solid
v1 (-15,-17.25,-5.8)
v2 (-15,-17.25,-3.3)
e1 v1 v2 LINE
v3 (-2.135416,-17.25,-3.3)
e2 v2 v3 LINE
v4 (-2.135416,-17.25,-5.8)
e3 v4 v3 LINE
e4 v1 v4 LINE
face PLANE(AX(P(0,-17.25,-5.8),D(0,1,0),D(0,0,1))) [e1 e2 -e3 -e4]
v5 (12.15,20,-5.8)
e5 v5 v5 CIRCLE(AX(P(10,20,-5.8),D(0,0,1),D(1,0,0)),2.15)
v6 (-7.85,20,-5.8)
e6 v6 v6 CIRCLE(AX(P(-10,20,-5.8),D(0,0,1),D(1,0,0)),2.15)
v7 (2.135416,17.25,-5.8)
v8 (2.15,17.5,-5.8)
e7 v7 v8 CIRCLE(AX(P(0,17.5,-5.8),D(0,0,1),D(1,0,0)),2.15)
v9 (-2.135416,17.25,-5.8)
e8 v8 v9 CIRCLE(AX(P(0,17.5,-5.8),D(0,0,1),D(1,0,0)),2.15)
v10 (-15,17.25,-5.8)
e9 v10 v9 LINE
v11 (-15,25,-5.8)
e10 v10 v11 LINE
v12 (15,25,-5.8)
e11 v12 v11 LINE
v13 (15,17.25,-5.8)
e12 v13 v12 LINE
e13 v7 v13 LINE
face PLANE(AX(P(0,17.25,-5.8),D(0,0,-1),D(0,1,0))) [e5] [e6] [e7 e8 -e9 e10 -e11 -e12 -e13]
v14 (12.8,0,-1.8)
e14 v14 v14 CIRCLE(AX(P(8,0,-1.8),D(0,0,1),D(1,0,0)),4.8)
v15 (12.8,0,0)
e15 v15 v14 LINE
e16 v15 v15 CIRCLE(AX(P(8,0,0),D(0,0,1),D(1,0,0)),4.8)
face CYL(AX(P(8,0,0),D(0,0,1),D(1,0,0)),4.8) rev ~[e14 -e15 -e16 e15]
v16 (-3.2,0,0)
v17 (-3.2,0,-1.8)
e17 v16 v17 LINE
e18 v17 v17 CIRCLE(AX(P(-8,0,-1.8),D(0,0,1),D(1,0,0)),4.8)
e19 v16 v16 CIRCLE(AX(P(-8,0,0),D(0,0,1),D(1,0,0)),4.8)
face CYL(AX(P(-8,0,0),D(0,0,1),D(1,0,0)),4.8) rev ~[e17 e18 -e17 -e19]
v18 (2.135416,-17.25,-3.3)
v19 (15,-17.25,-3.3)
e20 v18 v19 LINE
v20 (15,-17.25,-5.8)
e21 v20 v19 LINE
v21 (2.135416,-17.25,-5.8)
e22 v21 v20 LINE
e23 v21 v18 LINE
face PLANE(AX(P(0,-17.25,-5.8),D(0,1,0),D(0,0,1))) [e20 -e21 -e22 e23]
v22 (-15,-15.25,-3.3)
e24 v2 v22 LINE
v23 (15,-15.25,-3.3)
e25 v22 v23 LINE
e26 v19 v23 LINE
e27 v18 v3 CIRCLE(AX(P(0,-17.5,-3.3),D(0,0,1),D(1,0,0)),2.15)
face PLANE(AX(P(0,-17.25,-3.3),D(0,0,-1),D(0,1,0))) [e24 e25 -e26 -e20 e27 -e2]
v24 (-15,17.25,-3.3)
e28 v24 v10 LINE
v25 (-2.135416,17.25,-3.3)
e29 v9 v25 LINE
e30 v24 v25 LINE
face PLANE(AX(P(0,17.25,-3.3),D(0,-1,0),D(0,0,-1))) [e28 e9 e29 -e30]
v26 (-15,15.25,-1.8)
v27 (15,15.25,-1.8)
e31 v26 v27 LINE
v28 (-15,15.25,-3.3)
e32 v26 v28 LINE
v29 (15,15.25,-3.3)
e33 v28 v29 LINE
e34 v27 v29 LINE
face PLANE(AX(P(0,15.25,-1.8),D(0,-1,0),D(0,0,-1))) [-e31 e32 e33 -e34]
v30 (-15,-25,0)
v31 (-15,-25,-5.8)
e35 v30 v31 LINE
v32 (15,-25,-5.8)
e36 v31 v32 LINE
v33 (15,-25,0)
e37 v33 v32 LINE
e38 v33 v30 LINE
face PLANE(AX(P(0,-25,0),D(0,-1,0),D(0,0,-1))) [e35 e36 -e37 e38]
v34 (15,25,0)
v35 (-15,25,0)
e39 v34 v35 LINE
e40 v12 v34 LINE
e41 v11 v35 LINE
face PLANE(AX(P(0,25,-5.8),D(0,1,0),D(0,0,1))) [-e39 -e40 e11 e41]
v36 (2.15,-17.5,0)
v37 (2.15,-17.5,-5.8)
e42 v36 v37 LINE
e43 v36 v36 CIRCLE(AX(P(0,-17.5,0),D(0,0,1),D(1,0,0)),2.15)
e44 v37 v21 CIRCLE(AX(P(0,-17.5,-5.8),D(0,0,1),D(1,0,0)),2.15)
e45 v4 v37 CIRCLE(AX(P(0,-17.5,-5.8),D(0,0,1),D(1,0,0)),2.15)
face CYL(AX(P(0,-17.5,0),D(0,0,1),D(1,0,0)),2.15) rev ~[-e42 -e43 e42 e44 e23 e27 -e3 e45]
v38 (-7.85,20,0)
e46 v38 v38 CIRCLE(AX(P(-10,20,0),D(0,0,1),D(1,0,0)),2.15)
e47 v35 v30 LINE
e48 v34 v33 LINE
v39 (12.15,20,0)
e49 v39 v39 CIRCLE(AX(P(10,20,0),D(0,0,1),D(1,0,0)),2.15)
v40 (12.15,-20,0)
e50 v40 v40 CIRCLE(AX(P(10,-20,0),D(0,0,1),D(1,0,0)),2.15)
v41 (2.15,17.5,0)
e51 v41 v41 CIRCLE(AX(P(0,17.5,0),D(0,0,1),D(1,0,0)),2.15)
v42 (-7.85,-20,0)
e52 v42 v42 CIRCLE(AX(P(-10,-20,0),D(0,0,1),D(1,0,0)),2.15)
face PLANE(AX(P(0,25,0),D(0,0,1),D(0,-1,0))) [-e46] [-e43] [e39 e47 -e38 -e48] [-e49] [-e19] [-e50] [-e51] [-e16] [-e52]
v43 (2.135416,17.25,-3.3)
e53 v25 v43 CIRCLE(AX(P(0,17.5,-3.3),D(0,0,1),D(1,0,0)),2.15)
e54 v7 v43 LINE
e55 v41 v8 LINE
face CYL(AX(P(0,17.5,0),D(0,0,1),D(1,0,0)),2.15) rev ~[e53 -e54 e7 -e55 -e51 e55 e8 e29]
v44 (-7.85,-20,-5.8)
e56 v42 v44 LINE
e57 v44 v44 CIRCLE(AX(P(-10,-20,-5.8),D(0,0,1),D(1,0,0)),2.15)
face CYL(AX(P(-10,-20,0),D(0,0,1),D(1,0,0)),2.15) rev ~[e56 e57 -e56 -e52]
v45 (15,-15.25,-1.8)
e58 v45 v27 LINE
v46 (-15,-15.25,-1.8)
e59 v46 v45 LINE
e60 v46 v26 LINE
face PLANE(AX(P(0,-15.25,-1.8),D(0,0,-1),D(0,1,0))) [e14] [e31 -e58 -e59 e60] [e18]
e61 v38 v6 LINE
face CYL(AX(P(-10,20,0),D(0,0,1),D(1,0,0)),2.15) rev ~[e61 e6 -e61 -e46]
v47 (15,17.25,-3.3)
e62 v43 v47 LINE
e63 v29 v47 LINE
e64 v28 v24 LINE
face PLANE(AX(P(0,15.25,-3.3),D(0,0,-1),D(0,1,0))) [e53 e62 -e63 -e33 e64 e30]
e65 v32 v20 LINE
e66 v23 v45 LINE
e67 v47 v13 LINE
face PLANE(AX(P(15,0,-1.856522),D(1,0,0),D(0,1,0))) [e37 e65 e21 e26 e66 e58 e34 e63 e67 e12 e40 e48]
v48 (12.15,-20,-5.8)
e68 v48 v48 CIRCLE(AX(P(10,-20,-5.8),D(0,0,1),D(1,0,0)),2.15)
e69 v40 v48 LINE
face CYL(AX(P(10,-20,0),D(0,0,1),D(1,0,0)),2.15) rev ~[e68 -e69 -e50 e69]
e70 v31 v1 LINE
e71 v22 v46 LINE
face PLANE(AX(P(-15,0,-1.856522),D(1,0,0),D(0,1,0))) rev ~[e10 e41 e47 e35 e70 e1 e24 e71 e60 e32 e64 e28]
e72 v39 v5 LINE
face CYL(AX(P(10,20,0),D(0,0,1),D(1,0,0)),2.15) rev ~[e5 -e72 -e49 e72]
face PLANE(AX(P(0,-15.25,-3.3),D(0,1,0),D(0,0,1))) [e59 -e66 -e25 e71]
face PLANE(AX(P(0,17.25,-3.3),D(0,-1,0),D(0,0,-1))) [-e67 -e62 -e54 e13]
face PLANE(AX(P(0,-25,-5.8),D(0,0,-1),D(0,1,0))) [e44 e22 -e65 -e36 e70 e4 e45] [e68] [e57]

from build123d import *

# Parameters (mm, degrees)
PAD_DEPTH       = 15
PAD_DEPTH_BACK  = 15
SKETCH001_R     = 2.15
HOLE_DEPTH      = 25
SKETCH003_R     = 4.8
POCKET001_DEPTH = 5


with BuildPart() as part:
    # Sketch → Pad (new body, two sides)
    with BuildSketch(Plane.YZ) as pad_sk:
        Polygon((-25, 0), (-25, -5.8), (-17.25, -5.8), (-17.25, -3.3), (-15.25, -3.3), (-15.25, -1.8), (15.25, -1.8), (15.25, -3.3), (17.25, -3.3), (17.25, -5.8), (25, -5.8), (25, 0), align=None)
    extrude(amount=PAD_DEPTH)
    extrude(pad_sk.sketch, amount=-PAD_DEPTH_BACK)

    # Sketch001 → Hole (cut)
    with BuildSketch(Plane.XY):
        with Locations((-10, 20)):
            Circle(SKETCH001_R)
        with Locations((0, 17.5)):
            Circle(SKETCH001_R)
        with Locations((10, 20)):
            Circle(SKETCH001_R)
        with Locations((10, -20)):
            Circle(SKETCH001_R)
        with Locations((0, -17.5)):
            Circle(SKETCH001_R)
        with Locations((-10, -20)):
            Circle(SKETCH001_R)
    extrude(amount=-HOLE_DEPTH, mode=Mode.SUBTRACT)

    # Sketch003 → Pocket001 (cut)
    with BuildSketch(Plane.XY):
        with Locations((-8, 0)):
            Circle(SKETCH003_R)
        with Locations((8, 0)):
            Circle(SKETCH003_R)
    extrude(amount=-POCKET001_DEPTH, mode=Mode.SUBTRACT)


solid = part.part
